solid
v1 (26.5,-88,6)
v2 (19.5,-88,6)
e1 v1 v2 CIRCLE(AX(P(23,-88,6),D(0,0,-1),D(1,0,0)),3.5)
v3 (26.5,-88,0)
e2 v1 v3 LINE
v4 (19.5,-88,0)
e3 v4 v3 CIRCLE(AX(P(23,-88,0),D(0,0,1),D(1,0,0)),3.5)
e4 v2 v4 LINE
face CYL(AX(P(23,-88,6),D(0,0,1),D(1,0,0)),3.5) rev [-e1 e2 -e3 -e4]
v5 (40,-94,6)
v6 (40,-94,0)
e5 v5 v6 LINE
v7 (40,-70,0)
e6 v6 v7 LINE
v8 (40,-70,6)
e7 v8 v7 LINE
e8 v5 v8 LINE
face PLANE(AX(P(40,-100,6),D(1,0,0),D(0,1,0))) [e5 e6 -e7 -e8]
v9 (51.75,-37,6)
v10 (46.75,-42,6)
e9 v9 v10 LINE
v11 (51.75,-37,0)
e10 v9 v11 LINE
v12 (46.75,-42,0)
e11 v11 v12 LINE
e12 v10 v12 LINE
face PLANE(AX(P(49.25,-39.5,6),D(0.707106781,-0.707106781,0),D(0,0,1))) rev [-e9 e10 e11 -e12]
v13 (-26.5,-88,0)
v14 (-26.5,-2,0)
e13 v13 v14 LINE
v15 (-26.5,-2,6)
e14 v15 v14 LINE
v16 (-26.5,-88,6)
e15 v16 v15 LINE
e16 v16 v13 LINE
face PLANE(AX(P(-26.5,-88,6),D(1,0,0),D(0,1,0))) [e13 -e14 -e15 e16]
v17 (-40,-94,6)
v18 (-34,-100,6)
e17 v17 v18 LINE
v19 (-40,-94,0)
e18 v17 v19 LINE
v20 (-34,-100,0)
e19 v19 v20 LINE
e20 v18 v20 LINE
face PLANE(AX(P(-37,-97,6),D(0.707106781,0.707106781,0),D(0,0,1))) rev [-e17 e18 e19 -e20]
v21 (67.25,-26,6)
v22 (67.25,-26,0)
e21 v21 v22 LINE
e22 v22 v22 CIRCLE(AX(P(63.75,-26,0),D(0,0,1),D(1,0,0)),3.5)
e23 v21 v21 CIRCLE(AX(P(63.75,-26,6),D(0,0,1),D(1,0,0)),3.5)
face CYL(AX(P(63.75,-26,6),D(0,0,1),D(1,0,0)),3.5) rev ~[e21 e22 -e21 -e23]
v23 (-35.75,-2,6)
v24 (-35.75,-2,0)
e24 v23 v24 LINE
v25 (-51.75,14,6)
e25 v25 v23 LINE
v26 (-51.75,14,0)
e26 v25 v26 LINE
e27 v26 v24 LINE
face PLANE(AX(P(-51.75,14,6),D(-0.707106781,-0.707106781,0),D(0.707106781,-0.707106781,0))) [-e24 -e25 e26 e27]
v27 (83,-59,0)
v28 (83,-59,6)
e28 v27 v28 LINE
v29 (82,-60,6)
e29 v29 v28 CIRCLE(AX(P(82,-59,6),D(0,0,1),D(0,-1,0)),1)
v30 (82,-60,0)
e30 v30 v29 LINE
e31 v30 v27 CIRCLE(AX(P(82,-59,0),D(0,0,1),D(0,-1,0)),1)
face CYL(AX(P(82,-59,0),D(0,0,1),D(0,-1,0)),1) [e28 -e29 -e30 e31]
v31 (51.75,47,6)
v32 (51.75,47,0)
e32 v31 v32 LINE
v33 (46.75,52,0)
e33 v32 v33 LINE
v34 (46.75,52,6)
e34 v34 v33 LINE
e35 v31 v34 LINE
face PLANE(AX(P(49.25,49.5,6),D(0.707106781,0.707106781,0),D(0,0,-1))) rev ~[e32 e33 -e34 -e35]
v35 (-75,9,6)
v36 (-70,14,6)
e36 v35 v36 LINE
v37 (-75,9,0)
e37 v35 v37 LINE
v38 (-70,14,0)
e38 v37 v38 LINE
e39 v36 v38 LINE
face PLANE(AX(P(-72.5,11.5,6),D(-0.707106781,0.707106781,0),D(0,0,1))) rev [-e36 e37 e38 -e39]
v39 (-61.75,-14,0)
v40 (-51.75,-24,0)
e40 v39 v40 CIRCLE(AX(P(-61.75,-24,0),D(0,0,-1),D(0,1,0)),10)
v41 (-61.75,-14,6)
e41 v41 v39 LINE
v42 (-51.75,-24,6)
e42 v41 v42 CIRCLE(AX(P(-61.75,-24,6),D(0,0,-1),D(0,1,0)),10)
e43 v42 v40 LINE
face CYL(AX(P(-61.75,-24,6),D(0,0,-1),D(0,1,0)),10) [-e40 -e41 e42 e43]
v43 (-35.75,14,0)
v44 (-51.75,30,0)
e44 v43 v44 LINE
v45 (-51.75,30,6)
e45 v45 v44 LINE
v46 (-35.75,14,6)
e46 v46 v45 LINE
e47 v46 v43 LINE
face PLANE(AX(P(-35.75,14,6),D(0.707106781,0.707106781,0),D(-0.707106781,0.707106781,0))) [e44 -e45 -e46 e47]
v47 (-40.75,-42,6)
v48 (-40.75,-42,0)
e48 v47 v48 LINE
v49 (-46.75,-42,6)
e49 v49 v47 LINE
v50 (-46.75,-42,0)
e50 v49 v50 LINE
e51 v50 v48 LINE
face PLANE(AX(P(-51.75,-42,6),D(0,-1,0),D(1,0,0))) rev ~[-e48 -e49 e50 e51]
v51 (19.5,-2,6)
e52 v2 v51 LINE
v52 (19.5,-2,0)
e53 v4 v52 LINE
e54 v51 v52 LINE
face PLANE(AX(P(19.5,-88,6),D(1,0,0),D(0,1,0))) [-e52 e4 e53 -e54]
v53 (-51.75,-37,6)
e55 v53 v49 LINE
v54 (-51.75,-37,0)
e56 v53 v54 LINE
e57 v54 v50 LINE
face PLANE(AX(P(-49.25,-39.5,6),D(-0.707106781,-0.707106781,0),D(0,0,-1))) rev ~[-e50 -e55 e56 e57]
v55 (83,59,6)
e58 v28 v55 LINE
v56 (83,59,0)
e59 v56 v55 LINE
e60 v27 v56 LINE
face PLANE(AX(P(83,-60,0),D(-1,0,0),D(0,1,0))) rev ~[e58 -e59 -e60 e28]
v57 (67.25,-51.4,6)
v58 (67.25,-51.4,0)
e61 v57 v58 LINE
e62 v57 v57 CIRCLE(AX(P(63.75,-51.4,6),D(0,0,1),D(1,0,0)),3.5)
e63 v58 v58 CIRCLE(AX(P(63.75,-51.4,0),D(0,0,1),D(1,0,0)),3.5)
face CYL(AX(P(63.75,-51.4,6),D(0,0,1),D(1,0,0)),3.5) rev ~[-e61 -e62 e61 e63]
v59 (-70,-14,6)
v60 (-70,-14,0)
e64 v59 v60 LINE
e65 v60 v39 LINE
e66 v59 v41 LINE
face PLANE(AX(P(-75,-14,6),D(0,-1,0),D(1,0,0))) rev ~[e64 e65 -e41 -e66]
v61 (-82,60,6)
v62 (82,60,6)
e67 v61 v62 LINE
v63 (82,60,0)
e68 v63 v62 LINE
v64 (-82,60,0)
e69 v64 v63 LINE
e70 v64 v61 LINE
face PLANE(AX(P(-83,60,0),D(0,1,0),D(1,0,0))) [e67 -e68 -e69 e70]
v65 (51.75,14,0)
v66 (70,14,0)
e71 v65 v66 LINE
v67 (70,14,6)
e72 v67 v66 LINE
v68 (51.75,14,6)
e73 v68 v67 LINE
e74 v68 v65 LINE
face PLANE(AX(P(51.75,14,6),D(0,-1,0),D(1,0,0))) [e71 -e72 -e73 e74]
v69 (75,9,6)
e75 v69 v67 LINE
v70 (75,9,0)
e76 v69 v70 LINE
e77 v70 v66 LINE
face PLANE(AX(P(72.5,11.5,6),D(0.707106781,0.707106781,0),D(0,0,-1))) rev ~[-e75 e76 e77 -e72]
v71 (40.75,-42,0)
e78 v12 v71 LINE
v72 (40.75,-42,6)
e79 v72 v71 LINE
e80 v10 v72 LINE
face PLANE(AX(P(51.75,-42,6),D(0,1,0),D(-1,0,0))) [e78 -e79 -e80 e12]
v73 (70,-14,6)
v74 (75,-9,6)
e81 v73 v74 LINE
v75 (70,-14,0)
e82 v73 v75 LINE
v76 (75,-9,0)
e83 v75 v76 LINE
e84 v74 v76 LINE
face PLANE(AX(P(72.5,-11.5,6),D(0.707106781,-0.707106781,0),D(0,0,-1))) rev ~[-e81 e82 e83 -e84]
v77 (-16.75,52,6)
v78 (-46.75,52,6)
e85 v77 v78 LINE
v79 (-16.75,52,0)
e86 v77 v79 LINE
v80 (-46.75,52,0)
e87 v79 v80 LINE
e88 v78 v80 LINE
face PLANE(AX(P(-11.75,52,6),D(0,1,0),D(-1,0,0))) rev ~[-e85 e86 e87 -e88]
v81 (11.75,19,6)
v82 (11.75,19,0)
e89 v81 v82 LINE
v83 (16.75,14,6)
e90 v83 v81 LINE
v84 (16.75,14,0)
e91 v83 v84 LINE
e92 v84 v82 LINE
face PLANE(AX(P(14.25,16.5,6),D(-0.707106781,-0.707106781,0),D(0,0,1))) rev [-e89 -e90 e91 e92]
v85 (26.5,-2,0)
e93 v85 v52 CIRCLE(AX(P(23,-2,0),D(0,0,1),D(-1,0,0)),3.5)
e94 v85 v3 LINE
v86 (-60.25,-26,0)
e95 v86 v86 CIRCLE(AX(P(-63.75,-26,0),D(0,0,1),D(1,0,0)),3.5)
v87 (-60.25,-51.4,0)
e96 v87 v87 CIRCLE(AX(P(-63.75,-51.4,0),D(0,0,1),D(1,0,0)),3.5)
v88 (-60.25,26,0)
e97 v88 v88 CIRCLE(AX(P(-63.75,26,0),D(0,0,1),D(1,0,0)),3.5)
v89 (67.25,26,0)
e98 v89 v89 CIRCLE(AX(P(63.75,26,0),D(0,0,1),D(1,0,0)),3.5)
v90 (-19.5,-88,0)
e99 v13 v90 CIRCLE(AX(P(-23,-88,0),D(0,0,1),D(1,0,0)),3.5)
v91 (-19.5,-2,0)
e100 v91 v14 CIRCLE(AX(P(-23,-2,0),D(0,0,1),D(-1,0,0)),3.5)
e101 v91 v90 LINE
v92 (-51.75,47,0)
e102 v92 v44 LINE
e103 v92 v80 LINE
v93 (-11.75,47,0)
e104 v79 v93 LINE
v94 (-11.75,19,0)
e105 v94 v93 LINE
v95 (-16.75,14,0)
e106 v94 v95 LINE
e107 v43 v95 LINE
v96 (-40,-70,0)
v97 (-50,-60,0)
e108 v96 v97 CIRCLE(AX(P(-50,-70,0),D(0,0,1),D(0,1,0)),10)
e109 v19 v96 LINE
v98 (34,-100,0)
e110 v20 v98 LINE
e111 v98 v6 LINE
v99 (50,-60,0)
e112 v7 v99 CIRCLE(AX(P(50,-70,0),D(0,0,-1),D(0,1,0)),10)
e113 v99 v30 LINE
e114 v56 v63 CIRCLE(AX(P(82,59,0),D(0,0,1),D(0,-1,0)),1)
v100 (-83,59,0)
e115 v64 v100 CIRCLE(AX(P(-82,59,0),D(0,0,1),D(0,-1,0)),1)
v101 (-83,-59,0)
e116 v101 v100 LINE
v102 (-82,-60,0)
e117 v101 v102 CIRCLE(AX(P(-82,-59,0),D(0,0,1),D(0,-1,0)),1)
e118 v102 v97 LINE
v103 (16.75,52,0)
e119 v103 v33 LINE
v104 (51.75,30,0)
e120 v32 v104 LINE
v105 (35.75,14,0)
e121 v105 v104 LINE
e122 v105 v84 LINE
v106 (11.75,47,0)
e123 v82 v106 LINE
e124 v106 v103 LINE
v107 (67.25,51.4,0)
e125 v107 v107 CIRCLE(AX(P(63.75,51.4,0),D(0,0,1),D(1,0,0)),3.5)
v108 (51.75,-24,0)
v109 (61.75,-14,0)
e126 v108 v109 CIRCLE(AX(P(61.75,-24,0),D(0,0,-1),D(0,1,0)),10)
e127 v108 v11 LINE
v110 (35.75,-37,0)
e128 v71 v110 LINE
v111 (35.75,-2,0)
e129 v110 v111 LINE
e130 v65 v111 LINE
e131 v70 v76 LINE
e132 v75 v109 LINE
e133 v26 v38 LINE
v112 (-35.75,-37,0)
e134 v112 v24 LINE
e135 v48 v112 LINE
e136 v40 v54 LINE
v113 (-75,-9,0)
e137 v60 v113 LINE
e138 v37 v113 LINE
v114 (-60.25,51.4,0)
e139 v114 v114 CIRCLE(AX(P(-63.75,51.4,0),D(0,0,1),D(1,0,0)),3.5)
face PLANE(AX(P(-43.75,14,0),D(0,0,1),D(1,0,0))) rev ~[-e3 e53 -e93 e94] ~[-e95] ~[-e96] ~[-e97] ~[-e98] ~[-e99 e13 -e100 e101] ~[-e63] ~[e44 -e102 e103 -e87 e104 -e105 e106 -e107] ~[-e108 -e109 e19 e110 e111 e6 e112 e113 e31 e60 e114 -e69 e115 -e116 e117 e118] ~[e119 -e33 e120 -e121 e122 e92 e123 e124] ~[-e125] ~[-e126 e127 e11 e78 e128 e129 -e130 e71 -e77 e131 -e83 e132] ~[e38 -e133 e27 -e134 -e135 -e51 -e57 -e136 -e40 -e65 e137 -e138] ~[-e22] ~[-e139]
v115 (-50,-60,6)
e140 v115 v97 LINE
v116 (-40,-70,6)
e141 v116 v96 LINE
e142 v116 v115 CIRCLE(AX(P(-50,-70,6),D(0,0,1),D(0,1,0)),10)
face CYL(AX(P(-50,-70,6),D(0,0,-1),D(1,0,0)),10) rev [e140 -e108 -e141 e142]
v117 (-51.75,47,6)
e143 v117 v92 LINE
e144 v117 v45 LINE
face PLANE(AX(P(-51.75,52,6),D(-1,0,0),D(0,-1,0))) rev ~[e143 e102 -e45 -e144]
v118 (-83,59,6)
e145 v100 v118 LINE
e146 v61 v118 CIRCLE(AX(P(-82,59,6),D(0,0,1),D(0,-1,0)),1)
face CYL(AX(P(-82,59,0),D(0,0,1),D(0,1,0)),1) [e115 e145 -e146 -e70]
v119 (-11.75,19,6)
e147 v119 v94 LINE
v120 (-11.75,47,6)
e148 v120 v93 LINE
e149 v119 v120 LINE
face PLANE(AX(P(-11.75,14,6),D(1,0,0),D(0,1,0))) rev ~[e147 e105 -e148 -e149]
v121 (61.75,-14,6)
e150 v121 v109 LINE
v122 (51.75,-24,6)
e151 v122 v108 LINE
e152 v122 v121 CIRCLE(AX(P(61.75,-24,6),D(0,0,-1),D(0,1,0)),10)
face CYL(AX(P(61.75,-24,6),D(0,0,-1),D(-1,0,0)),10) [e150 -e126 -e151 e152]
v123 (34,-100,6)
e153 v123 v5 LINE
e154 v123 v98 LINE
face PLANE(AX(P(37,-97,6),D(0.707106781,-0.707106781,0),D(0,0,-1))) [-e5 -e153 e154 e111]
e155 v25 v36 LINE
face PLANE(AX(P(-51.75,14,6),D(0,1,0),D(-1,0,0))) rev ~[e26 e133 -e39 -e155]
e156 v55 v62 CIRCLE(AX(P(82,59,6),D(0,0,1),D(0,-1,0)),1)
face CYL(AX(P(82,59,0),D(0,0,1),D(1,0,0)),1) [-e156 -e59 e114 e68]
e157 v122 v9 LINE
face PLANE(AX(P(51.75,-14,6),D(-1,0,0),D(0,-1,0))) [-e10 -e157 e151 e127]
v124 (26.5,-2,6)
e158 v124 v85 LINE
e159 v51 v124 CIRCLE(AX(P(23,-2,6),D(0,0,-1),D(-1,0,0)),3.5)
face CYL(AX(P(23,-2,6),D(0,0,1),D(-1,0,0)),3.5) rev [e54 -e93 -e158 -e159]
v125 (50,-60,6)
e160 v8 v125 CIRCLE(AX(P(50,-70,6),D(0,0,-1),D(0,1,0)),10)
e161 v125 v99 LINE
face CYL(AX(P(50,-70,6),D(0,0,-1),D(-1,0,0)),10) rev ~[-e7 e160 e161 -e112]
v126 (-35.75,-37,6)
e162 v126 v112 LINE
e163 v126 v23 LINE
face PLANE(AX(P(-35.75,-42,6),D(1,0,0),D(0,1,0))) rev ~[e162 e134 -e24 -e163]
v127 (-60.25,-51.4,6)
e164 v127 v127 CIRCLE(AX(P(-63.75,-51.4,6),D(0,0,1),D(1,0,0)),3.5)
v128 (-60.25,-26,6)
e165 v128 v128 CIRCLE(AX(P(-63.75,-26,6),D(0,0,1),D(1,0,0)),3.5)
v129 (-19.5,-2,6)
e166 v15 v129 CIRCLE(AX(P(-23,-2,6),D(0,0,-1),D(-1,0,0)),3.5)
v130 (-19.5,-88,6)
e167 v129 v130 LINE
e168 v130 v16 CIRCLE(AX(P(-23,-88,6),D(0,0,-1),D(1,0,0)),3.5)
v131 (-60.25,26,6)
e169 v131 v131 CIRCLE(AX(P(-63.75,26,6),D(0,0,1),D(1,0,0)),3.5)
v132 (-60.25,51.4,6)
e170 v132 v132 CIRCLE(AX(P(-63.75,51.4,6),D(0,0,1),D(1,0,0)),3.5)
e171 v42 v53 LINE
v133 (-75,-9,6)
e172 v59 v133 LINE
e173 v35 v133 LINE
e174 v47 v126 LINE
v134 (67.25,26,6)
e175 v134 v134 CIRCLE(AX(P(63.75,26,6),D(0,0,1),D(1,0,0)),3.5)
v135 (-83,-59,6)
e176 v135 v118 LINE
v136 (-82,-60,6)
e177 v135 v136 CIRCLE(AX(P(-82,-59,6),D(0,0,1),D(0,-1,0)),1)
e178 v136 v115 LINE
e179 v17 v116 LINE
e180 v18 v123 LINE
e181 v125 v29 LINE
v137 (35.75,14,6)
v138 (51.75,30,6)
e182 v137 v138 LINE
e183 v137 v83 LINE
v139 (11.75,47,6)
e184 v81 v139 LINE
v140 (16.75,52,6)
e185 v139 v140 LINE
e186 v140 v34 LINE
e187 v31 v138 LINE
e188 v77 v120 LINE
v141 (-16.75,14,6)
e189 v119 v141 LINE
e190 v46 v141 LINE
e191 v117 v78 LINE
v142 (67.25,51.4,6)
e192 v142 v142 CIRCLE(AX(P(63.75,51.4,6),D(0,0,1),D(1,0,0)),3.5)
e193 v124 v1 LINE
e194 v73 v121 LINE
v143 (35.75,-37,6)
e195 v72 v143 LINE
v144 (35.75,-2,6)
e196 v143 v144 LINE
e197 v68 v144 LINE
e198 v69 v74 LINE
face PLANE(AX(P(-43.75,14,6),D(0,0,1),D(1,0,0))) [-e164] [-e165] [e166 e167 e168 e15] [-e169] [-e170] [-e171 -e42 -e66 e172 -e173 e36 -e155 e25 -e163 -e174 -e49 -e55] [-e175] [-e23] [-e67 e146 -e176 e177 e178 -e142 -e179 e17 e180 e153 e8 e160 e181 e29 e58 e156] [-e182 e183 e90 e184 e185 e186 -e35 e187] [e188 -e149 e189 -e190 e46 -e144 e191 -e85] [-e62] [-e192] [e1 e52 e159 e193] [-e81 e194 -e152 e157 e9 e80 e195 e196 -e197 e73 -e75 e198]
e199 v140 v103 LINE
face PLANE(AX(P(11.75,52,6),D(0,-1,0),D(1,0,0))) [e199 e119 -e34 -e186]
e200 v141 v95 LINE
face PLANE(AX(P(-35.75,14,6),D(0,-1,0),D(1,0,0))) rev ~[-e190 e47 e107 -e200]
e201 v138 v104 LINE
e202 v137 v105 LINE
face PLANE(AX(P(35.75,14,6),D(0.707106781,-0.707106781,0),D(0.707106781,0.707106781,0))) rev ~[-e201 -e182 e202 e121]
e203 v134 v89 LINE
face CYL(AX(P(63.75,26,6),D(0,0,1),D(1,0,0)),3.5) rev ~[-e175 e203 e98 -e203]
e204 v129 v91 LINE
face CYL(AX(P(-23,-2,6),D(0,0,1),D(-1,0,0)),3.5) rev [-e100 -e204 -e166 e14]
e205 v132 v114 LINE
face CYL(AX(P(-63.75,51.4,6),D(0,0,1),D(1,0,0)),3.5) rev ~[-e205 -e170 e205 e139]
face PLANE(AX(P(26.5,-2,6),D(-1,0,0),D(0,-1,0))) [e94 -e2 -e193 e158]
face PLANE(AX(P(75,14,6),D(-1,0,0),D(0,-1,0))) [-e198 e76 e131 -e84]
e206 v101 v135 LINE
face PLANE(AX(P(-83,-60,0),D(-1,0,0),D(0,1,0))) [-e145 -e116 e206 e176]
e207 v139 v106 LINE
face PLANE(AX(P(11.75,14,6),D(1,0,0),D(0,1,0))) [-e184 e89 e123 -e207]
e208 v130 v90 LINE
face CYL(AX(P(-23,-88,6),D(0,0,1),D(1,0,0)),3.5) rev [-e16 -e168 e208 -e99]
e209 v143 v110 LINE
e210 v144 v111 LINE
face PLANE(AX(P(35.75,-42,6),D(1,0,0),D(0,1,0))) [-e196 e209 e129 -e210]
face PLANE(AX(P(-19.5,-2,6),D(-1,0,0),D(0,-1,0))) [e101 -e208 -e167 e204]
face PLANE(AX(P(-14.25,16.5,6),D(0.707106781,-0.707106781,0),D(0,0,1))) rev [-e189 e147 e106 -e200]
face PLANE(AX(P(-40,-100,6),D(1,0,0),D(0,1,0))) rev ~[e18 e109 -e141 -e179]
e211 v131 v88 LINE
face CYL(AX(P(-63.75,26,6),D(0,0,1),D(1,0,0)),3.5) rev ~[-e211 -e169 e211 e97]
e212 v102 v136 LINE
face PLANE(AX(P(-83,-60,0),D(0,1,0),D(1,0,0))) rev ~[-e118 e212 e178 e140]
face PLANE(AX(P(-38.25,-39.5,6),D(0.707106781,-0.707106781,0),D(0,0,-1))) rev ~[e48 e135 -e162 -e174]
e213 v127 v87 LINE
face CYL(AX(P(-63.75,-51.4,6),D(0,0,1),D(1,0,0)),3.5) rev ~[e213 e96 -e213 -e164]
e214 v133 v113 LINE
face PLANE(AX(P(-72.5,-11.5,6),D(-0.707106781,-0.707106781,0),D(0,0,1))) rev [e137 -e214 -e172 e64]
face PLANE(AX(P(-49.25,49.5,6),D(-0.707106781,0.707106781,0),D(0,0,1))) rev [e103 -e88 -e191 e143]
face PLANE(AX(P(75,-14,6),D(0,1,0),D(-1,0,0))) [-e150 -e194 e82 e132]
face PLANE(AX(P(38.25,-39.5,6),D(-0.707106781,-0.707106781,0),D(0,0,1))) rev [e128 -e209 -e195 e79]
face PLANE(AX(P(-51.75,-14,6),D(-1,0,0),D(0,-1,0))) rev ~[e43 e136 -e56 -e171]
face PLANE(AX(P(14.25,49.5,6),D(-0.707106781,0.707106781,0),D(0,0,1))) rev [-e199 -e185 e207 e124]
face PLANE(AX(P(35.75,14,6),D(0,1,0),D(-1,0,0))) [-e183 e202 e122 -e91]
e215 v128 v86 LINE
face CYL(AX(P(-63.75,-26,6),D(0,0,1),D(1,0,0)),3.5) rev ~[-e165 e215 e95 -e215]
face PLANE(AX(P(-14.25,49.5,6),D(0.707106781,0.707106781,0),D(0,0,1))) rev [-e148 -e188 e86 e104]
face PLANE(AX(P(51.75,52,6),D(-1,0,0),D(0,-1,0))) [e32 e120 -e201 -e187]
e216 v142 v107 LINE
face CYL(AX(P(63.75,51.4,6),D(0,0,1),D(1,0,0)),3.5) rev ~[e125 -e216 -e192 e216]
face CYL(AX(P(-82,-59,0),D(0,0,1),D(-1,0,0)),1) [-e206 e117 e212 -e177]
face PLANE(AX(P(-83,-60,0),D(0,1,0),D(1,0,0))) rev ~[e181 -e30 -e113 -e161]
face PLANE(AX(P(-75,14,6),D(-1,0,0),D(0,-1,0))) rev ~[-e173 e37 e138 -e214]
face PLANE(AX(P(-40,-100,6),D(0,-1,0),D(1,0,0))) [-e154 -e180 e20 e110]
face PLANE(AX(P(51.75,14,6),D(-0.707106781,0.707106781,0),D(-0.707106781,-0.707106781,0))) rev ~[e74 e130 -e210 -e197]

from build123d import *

# Parameters (mm, degrees)
ESBO_O1_W                = 166
ESBO_O1_H                = 120
RESSALTO_EXTRUS_O1_DEPTH = 6
ESBO_O2_R                = 3.5
CORTE_EXTRUS_O1_DEPTH    = 103.591422643
ESBO_O3_W                = 80
ESBO_O3_H                = 80
RESSALTO_EXTRUS_O2_DEPTH = 6
FILETE1_R                = 10
CHANFRO1_SIZE            = 6
CORTE_EXTRUS_O2_DEPTH    = 10
CORTE_EXTRUS_O3_DEPTH    = 131.096118313
RESSALTO_EXTRUS_O3_DEPTH = 6
FILETE2_R                = 10
CHANFRO2_SIZE            = 5
FILETE3_R                = 1


with BuildPart() as part:
    # Esboço1 → Ressalto-extrusão1 (new body)
    with BuildSketch(Plane.XY):
        Rectangle(ESBO_O1_W, ESBO_O1_H)
    extrude(amount=RESSALTO_EXTRUS_O1_DEPTH)

    # Esboço2 → Corte-extrusão1 (cut, through all)
    with BuildSketch(Plane.XY.offset(6)):
        with Locations((-63.75, -51.4)):
            Circle(ESBO_O2_R)
        with Locations((-63.75, -26)):
            Circle(ESBO_O2_R)
        with Locations((-63.75, 26)):
            Circle(ESBO_O2_R)
        with Locations((-63.75, 51.4)):
            Circle(ESBO_O2_R)
        with Locations((63.75, -51.4)):
            Circle(ESBO_O2_R)
        with Locations((63.75, -26)):
            Circle(ESBO_O2_R)
        with Locations((63.75, 26)):
            Circle(ESBO_O2_R)
        with Locations((63.75, 51.4)):
            Circle(ESBO_O2_R)
    extrude(amount=-CORTE_EXTRUS_O1_DEPTH, mode=Mode.SUBTRACT)

    # Esboço3 → Ressalto-extrusão2 (add, through all)
    with BuildSketch(Plane.XY.offset(6)):
        with Locations((0, -60)):
            Rectangle(ESBO_O3_W, ESBO_O3_H)
    extrude(amount=-RESSALTO_EXTRUS_O2_DEPTH)

    # Filete1
    filete1_edges = [part.edges().sort_by_distance(p)[0] for p in [
        (40, -60, 3),
        (-40, -60, 3),
    ]]
    fillet(filete1_edges, radius=FILETE1_R)

    # Chanfro1
    chanfro1_edges = [part.edges().sort_by_distance(p)[0] for p in [
        (-40, -100, 3),
        (40, -100, 3),
    ]]
    chamfer(chanfro1_edges, length=CHANFRO1_SIZE)

    # Esboço4 → Corte-extrusão2 (cut)
    with BuildSketch(Plane.XY.offset(6)):
        with BuildLine():
            Line((-19.5, -2), (-19.5, -88))
            ThreePointArc((-19.5, -88), (-23, -91.5), (-26.5, -88))
            Line((-26.5, -88), (-26.5, -2))
            ThreePointArc((-26.5, -2), (-23, 1.5), (-19.5, -2))
        make_face()
        with BuildLine():
            Line((26.5, -2), (26.5, -88))
            ThreePointArc((26.5, -88), (23, -91.5), (19.5, -88))
            Line((19.5, -88), (19.5, -2))
            ThreePointArc((19.5, -2), (23, 1.5), (26.5, -2))
        make_face()
    extrude(amount=-CORTE_EXTRUS_O2_DEPTH, mode=Mode.SUBTRACT)

    # Esboço5 → Corte-extrusão3 (cut, through all)
    with BuildSketch(Plane.XY.offset(6)):
        Polygon((-51.75, 52), (-51.75, 14), (-75, 14), (-75, -14), (-51.75, -14), (-51.75, -42), (-35.75, -42), (-35.75, 14), (-11.75, 14), (-11.75, 52), align=None)
        Polygon((75, -14), (51.75, -14), (51.75, -42), (35.75, -42), (35.75, 14), (11.75, 14), (11.75, 52), (51.75, 52), (51.75, 14), (75, 14), align=None)
    extrude(amount=-CORTE_EXTRUS_O3_DEPTH, mode=Mode.SUBTRACT)

    # Esboço6 → Ressalto-extrusão3 (add, through all)
    with BuildSketch(Plane.XY.offset(6)):
        Polygon((-51.75, 14), (-35.75, -2), (-35.75, 14), (-51.75, 30), align=None)
        Polygon((35.75, 14), (51.75, 30), (51.75, 14), (35.75, -2), align=None)
    extrude(amount=-RESSALTO_EXTRUS_O3_DEPTH)

    # Filete2
    filete2_edges = [part.edges().sort_by_distance(p)[0] for p in [
        (-51.75, -14, 3),
        (51.75, -14, 3),
    ]]
    fillet(filete2_edges, radius=FILETE2_R)

    # Chanfro2
    chanfro2_edges = [part.edges().sort_by_distance(p)[0] for p in [
        (-51.75, 52, 3),
        (-11.75, 52, 3),
        (-11.75, 14, 3),
        (-35.75, -42, 3),
        (-51.75, -42, 3),
        (-75, -14, 3),
        (-75, 14, 3),
        (75, 14, 3),
        (75, -14, 3),
        (51.75, -42, 3),
        (35.75, -42, 3),
        (11.75, 14, 3),
        (11.75, 52, 3),
        (51.75, 52, 3),
    ]]
    chamfer(chanfro2_edges, length=CHANFRO2_SIZE)

    # Filete3
    filete3_edges = [part.edges().sort_by_distance(p)[0] for p in [
        (83, -60, 3),
        (-83, -60, 3),
        (-83, 60, 3),
        (83, 60, 3),
    ]]
    fillet(filete3_edges, radius=FILETE3_R)


solid = part.part
